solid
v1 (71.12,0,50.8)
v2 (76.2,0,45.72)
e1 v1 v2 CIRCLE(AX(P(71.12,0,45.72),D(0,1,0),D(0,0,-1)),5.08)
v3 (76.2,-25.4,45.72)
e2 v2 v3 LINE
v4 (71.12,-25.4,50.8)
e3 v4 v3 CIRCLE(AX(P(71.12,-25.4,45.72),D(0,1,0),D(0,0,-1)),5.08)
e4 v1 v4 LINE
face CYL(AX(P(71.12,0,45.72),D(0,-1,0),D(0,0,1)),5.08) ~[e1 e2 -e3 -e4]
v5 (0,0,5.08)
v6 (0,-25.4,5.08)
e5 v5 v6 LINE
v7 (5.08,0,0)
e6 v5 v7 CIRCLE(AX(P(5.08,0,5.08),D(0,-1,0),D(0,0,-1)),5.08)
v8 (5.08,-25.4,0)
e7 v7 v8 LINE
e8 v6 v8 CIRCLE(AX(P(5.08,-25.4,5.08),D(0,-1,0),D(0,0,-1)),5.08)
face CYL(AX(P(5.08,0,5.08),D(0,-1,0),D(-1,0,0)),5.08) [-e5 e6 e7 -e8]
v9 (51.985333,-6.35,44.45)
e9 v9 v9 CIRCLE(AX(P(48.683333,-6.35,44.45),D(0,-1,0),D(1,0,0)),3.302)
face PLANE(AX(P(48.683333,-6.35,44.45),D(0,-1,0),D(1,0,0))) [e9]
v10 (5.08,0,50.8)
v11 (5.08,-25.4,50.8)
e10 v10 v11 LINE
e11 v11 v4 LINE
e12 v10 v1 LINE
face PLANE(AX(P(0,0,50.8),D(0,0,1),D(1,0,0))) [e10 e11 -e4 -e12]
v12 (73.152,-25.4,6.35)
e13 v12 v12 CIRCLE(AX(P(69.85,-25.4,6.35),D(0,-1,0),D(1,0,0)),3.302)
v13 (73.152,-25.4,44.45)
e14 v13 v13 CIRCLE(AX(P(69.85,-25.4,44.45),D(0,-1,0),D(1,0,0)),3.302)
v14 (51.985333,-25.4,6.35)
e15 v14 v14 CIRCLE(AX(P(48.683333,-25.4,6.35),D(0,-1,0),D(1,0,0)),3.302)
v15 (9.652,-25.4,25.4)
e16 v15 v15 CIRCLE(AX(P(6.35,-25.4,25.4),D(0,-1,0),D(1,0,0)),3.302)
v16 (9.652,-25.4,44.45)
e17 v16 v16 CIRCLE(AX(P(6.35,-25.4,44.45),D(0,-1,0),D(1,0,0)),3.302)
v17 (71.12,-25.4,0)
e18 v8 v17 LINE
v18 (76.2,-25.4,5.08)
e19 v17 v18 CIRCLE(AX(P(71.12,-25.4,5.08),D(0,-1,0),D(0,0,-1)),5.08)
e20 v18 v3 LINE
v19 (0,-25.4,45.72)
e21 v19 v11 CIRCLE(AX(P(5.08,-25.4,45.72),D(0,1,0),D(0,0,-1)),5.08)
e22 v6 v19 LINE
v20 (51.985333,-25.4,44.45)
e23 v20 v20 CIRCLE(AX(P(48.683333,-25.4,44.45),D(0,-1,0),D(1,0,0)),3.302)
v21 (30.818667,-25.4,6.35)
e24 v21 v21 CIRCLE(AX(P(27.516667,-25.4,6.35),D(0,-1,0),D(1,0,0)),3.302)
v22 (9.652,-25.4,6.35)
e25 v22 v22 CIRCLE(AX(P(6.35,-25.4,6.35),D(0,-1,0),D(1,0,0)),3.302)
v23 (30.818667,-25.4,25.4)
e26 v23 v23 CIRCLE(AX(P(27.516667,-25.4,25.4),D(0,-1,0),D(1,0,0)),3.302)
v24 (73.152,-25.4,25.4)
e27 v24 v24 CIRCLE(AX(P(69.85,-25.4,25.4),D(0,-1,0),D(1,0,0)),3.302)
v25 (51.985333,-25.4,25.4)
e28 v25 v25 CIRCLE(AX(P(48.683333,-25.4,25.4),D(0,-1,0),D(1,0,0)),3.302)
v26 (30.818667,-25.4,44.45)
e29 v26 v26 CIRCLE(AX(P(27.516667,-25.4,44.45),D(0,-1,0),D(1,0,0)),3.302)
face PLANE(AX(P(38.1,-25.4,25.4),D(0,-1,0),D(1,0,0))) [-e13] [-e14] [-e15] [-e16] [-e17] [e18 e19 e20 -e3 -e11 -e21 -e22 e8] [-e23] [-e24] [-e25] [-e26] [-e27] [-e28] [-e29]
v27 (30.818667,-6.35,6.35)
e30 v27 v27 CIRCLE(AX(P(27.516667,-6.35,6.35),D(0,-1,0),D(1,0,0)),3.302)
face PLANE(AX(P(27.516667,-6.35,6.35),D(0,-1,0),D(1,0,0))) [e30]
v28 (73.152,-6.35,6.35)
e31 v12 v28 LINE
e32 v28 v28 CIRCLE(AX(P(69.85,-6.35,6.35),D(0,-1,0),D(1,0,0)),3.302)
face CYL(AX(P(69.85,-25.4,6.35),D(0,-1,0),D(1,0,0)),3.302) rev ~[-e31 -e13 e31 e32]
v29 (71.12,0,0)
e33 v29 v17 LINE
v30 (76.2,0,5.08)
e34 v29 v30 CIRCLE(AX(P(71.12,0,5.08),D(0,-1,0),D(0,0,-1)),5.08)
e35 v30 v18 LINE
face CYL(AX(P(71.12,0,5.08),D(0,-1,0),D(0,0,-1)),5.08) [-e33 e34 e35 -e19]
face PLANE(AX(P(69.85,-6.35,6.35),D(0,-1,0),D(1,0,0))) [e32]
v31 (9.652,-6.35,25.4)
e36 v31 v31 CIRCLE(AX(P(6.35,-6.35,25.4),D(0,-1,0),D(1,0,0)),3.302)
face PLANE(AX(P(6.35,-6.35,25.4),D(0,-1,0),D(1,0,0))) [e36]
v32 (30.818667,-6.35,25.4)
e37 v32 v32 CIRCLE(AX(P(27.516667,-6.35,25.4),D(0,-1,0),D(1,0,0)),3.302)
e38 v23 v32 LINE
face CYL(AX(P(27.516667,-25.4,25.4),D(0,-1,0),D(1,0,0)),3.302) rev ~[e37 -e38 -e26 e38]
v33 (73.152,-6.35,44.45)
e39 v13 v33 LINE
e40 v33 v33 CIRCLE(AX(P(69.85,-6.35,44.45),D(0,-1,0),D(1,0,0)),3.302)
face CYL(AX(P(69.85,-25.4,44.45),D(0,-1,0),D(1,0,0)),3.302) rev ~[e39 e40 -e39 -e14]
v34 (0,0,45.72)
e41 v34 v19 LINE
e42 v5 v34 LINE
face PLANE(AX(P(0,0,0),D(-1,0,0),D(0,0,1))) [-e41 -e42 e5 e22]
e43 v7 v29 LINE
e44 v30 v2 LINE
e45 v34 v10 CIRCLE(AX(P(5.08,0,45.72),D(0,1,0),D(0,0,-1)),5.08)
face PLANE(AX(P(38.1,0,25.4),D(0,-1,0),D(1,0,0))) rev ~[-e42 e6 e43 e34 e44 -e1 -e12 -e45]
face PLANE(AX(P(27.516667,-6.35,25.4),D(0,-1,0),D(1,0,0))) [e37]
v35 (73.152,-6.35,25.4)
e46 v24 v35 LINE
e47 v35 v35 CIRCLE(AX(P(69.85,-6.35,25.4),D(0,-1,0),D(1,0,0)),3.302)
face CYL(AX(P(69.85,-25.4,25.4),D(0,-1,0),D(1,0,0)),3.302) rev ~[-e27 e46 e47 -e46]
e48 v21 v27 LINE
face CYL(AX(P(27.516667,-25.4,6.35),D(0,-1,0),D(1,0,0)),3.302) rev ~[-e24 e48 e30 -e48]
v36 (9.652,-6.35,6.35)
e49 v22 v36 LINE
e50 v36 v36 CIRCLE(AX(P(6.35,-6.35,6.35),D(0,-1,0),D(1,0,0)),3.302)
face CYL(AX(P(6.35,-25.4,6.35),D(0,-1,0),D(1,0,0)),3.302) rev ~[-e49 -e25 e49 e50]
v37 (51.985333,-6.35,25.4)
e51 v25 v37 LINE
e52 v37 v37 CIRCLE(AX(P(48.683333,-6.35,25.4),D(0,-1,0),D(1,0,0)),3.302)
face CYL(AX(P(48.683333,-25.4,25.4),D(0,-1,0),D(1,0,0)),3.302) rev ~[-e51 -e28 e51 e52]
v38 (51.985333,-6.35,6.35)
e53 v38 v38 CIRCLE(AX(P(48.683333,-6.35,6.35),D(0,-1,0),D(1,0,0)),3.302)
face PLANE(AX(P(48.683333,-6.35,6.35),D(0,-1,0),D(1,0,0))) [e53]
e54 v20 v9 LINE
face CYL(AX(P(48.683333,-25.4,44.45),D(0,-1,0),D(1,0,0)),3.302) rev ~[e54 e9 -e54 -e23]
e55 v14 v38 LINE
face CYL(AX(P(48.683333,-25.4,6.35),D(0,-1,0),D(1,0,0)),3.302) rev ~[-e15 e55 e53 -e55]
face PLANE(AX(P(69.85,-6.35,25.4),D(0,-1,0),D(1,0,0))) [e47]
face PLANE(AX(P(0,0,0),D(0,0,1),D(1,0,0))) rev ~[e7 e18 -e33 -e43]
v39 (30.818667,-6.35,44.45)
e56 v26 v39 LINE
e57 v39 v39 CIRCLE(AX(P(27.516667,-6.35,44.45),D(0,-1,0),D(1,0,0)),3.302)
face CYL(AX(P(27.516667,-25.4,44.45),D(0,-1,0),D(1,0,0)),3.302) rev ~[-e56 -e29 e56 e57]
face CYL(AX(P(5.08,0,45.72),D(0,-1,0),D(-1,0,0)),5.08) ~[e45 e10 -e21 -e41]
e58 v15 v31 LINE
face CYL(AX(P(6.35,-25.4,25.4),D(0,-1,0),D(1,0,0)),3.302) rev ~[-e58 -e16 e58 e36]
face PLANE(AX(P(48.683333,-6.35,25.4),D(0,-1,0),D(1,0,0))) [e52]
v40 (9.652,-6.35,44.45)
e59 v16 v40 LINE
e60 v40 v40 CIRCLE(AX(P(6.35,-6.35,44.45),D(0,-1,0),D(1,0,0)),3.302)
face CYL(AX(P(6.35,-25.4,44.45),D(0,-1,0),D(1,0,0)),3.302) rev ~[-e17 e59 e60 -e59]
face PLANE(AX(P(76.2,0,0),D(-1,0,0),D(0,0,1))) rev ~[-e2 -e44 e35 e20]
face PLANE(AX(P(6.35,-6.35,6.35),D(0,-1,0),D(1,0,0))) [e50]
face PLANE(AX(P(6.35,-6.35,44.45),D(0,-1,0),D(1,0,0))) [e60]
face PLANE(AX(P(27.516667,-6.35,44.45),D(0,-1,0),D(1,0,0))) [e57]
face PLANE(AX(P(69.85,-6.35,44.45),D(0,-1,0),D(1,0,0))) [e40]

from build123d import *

# Parameters (mm, degrees)
F0_W     = 76.2
F0_H     = 50.8
F1_DEPTH = 25.4
F2_R     = 3.302
F3_DEPTH = 19.05
F4_R     = 5.08


with BuildPart() as f1:
    # F0 (on Front) → F1 (new body)
    with BuildSketch(Plane.XZ):
        with Locations((38.1, 25.4)):
            Rectangle(F0_W, F0_H)
    extrude(amount=F1_DEPTH)

    # F2 (on face) → F3 (cut)
    with BuildSketch(Plane.XZ.offset(25.4)):
        with Locations((69.85, 6.35)):
            Circle(F2_R)
        with Locations((69.85, 25.4)):
            Circle(F2_R)
        with Locations((69.85, 44.45)):
            Circle(F2_R)
        with Locations((48.683333, 6.35)):
            Circle(F2_R)
        with Locations((48.683333, 25.4)):
            Circle(F2_R)
        with Locations((48.683333, 44.45)):
            Circle(F2_R)
        with Locations((27.516667, 6.35)):
            Circle(F2_R)
        with Locations((27.516667, 25.4)):
            Circle(F2_R)
        with Locations((27.516667, 44.45)):
            Circle(F2_R)
        with Locations((6.35, 6.35)):
            Circle(F2_R)
        with Locations((6.35, 25.4)):
            Circle(F2_R)
        with Locations((6.35, 44.45)):
            Circle(F2_R)
    extrude(amount=-F3_DEPTH, mode=Mode.SUBTRACT)

    # F4
    f4_edges = [f1.edges().sort_by_distance(p)[0] for p in [
        (76.2, -12.7, 50.8),
        (0, -12.7, 50.8),
        (0, -12.7, 0),
        (76.2, -12.7, 0),
    ]]
    fillet(f4_edges, radius=F4_R)


solid = f1.part
